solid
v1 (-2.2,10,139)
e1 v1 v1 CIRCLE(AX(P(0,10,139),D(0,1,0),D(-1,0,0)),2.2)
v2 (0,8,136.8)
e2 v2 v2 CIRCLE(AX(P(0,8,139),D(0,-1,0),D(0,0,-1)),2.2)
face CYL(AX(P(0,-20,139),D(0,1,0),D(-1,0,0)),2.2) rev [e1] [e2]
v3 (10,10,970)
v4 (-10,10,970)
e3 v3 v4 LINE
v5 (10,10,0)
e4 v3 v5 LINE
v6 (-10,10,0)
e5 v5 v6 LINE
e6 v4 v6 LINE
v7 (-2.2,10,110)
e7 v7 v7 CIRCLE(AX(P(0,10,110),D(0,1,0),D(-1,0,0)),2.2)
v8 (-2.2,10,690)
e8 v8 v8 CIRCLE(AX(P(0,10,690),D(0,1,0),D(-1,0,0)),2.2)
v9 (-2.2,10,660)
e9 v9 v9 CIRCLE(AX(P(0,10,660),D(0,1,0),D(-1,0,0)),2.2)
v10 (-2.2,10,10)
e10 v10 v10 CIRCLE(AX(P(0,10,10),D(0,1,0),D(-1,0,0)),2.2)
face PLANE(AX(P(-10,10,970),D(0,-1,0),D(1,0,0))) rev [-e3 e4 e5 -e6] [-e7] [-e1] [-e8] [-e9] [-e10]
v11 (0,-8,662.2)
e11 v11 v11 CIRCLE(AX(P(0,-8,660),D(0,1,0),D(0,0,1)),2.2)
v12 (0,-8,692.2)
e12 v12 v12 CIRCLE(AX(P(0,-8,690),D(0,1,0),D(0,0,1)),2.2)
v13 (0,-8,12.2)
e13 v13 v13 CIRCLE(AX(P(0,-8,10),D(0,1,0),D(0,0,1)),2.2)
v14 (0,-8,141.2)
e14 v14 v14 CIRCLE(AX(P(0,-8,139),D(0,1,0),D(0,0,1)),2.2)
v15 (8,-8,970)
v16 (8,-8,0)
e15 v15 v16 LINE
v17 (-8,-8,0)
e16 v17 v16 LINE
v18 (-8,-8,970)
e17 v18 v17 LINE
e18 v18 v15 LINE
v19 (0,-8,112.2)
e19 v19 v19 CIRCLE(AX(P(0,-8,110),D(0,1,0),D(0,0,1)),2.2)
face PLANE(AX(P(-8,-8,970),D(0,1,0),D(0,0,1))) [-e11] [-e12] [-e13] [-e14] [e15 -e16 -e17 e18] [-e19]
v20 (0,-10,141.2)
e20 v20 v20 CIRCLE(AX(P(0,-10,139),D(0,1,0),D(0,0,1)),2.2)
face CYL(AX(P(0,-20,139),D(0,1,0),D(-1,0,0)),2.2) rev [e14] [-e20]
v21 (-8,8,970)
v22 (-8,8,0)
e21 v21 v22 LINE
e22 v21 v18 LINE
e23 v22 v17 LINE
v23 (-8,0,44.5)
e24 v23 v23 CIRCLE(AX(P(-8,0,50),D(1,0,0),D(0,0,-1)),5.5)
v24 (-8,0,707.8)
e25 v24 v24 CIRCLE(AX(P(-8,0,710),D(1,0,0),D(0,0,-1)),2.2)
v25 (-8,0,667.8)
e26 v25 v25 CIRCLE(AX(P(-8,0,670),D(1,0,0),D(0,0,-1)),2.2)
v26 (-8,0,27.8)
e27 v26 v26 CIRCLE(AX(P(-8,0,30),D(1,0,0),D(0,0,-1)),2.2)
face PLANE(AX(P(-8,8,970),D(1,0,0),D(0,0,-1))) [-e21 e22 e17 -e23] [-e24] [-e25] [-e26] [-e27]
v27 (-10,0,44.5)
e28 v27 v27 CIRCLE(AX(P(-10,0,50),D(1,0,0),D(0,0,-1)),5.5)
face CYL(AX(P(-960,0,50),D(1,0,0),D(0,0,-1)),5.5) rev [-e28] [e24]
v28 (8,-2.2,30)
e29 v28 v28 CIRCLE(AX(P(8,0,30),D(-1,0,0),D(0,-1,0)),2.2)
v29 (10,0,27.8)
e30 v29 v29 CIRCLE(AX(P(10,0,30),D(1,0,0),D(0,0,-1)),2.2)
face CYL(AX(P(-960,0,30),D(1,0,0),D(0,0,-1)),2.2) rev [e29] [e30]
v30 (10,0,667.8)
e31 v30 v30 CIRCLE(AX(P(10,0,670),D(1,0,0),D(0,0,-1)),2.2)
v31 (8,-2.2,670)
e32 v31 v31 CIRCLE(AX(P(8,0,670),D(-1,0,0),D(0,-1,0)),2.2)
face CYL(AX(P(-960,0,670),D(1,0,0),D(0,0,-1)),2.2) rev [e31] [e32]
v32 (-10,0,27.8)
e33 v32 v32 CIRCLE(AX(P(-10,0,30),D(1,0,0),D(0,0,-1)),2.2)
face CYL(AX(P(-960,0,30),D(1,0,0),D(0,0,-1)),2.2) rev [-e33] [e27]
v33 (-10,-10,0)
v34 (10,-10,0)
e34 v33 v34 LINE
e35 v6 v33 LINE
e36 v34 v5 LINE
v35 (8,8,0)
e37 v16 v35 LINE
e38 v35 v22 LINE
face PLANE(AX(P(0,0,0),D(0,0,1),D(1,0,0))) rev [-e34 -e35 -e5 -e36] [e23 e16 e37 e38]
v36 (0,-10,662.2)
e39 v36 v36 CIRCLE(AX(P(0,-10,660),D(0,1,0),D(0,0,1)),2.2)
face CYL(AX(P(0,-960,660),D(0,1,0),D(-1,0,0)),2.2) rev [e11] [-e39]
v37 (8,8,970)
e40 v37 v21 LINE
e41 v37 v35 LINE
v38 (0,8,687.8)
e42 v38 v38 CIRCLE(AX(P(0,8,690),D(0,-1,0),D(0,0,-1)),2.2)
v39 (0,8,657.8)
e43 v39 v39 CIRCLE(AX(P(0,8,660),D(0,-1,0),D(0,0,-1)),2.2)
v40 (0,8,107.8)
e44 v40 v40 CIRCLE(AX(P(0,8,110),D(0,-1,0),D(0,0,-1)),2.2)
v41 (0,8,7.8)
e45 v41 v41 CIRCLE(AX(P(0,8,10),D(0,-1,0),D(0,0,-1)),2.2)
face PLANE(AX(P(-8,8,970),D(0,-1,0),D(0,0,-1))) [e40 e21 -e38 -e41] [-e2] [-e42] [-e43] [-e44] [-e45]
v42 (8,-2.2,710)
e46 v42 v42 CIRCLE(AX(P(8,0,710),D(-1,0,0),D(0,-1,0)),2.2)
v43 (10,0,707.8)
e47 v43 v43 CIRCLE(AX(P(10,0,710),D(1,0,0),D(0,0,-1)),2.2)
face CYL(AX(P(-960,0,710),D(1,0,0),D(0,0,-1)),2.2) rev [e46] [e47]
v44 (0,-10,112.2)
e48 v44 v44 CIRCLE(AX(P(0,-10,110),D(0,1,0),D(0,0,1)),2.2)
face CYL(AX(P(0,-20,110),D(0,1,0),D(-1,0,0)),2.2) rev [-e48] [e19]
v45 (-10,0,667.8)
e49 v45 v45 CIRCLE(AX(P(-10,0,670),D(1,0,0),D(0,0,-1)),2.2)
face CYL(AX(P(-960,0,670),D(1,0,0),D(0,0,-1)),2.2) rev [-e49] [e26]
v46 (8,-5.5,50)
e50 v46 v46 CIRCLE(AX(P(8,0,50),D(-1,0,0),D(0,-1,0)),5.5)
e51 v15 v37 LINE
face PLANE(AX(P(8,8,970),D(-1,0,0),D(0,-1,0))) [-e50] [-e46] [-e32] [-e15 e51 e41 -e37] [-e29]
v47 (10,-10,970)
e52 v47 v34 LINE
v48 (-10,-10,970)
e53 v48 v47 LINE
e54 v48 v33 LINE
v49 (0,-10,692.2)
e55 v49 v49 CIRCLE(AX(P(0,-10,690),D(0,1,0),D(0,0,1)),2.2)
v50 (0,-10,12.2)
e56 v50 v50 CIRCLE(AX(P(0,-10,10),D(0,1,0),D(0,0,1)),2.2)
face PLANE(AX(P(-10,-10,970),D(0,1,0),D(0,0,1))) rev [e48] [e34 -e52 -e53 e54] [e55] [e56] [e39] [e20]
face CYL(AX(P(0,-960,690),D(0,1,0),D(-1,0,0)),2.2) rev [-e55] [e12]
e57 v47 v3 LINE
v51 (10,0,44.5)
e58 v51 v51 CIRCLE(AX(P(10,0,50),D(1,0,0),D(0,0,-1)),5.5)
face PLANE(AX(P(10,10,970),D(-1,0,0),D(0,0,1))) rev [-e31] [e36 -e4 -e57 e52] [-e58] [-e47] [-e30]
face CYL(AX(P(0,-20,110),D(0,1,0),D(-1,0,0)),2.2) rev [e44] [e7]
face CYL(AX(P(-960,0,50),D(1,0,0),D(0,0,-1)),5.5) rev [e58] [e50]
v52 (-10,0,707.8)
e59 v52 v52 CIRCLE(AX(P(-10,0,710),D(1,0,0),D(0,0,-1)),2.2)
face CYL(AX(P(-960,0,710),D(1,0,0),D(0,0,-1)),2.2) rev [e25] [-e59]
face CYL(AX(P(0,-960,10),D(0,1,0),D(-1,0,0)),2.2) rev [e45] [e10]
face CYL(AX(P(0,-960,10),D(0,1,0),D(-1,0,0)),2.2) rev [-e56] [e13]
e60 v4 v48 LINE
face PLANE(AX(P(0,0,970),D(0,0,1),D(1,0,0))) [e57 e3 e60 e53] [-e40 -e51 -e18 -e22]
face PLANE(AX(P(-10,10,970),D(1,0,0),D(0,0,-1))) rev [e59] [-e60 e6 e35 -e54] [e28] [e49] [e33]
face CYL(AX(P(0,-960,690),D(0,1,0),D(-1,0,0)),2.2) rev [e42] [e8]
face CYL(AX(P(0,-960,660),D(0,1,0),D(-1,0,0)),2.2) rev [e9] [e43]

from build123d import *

# Parameters (mm, degrees)
SKETCH_1_W          = 20
SKETCH_1_H          = 20
SKETCH_1_W_2        = 16
SKETCH_1_H_2        = 16
EXTRUDE_1_DEPTH     = 970
SKETCH_2_R          = 2.2
SKETCH_2_R_2        = 5.5
CUT_EXTRUDE_1_DEPTH = 970
SKETCH_3_R          = 2.2
CUT_EXTRUDE_2_DEPTH = 970
SKETCH_5_R          = 2.2
CUT_EXTRUDE_4_DEPTH = 30


with BuildPart() as part:
    # ｽｹｯﾁ1 → ﾎﾞｽ - 押し出し1 (new body)
    with BuildSketch(Plane.XY):
        Rectangle(SKETCH_1_W, SKETCH_1_H)
        Rectangle(SKETCH_1_W_2, SKETCH_1_H_2, mode=Mode.SUBTRACT)
    extrude(amount=EXTRUDE_1_DEPTH)

    # ｽｹｯﾁ2 → ｶｯﾄ - 押し出し1 (cut)
    with BuildSketch(Plane(origin=(10, 0, 0), x_dir=(0, 0, -1), z_dir=(1, 0, 0))):
        with Locations((-710, 0)):
            Circle(SKETCH_2_R)
        with Locations((-670, 0)):
            Circle(SKETCH_2_R)
        with Locations((-50, 0)):
            Circle(SKETCH_2_R_2)
        with Locations((-30, 0)):
            Circle(SKETCH_2_R)
    extrude(amount=-CUT_EXTRUDE_1_DEPTH, mode=Mode.SUBTRACT)

    # ｽｹｯﾁ3 → ｶｯﾄ - 押し出し2 (cut)
    with BuildSketch(Plane(origin=(0, 10, 0), x_dir=(1, 0, 0), z_dir=(0, 1, 0))):
        with Locations((0, -690)):
            Circle(SKETCH_3_R)
        with Locations((0, -660)):
            Circle(SKETCH_3_R)
        with Locations((0, -10)):
            Circle(SKETCH_3_R)
    extrude(amount=-CUT_EXTRUDE_2_DEPTH, mode=Mode.SUBTRACT)

    # ｽｹｯﾁ5 → ｶｯﾄ - 押し出し4 (cut)
    with BuildSketch(Plane(origin=(0, 10, 0), x_dir=(1, 0, 0), z_dir=(0, 1, 0))):
        with Locations((0, -110)):
            Circle(SKETCH_5_R)
        with Locations((0, -139)):
            Circle(SKETCH_5_R)
    extrude(amount=-CUT_EXTRUDE_4_DEPTH, mode=Mode.SUBTRACT)


solid = part.part
